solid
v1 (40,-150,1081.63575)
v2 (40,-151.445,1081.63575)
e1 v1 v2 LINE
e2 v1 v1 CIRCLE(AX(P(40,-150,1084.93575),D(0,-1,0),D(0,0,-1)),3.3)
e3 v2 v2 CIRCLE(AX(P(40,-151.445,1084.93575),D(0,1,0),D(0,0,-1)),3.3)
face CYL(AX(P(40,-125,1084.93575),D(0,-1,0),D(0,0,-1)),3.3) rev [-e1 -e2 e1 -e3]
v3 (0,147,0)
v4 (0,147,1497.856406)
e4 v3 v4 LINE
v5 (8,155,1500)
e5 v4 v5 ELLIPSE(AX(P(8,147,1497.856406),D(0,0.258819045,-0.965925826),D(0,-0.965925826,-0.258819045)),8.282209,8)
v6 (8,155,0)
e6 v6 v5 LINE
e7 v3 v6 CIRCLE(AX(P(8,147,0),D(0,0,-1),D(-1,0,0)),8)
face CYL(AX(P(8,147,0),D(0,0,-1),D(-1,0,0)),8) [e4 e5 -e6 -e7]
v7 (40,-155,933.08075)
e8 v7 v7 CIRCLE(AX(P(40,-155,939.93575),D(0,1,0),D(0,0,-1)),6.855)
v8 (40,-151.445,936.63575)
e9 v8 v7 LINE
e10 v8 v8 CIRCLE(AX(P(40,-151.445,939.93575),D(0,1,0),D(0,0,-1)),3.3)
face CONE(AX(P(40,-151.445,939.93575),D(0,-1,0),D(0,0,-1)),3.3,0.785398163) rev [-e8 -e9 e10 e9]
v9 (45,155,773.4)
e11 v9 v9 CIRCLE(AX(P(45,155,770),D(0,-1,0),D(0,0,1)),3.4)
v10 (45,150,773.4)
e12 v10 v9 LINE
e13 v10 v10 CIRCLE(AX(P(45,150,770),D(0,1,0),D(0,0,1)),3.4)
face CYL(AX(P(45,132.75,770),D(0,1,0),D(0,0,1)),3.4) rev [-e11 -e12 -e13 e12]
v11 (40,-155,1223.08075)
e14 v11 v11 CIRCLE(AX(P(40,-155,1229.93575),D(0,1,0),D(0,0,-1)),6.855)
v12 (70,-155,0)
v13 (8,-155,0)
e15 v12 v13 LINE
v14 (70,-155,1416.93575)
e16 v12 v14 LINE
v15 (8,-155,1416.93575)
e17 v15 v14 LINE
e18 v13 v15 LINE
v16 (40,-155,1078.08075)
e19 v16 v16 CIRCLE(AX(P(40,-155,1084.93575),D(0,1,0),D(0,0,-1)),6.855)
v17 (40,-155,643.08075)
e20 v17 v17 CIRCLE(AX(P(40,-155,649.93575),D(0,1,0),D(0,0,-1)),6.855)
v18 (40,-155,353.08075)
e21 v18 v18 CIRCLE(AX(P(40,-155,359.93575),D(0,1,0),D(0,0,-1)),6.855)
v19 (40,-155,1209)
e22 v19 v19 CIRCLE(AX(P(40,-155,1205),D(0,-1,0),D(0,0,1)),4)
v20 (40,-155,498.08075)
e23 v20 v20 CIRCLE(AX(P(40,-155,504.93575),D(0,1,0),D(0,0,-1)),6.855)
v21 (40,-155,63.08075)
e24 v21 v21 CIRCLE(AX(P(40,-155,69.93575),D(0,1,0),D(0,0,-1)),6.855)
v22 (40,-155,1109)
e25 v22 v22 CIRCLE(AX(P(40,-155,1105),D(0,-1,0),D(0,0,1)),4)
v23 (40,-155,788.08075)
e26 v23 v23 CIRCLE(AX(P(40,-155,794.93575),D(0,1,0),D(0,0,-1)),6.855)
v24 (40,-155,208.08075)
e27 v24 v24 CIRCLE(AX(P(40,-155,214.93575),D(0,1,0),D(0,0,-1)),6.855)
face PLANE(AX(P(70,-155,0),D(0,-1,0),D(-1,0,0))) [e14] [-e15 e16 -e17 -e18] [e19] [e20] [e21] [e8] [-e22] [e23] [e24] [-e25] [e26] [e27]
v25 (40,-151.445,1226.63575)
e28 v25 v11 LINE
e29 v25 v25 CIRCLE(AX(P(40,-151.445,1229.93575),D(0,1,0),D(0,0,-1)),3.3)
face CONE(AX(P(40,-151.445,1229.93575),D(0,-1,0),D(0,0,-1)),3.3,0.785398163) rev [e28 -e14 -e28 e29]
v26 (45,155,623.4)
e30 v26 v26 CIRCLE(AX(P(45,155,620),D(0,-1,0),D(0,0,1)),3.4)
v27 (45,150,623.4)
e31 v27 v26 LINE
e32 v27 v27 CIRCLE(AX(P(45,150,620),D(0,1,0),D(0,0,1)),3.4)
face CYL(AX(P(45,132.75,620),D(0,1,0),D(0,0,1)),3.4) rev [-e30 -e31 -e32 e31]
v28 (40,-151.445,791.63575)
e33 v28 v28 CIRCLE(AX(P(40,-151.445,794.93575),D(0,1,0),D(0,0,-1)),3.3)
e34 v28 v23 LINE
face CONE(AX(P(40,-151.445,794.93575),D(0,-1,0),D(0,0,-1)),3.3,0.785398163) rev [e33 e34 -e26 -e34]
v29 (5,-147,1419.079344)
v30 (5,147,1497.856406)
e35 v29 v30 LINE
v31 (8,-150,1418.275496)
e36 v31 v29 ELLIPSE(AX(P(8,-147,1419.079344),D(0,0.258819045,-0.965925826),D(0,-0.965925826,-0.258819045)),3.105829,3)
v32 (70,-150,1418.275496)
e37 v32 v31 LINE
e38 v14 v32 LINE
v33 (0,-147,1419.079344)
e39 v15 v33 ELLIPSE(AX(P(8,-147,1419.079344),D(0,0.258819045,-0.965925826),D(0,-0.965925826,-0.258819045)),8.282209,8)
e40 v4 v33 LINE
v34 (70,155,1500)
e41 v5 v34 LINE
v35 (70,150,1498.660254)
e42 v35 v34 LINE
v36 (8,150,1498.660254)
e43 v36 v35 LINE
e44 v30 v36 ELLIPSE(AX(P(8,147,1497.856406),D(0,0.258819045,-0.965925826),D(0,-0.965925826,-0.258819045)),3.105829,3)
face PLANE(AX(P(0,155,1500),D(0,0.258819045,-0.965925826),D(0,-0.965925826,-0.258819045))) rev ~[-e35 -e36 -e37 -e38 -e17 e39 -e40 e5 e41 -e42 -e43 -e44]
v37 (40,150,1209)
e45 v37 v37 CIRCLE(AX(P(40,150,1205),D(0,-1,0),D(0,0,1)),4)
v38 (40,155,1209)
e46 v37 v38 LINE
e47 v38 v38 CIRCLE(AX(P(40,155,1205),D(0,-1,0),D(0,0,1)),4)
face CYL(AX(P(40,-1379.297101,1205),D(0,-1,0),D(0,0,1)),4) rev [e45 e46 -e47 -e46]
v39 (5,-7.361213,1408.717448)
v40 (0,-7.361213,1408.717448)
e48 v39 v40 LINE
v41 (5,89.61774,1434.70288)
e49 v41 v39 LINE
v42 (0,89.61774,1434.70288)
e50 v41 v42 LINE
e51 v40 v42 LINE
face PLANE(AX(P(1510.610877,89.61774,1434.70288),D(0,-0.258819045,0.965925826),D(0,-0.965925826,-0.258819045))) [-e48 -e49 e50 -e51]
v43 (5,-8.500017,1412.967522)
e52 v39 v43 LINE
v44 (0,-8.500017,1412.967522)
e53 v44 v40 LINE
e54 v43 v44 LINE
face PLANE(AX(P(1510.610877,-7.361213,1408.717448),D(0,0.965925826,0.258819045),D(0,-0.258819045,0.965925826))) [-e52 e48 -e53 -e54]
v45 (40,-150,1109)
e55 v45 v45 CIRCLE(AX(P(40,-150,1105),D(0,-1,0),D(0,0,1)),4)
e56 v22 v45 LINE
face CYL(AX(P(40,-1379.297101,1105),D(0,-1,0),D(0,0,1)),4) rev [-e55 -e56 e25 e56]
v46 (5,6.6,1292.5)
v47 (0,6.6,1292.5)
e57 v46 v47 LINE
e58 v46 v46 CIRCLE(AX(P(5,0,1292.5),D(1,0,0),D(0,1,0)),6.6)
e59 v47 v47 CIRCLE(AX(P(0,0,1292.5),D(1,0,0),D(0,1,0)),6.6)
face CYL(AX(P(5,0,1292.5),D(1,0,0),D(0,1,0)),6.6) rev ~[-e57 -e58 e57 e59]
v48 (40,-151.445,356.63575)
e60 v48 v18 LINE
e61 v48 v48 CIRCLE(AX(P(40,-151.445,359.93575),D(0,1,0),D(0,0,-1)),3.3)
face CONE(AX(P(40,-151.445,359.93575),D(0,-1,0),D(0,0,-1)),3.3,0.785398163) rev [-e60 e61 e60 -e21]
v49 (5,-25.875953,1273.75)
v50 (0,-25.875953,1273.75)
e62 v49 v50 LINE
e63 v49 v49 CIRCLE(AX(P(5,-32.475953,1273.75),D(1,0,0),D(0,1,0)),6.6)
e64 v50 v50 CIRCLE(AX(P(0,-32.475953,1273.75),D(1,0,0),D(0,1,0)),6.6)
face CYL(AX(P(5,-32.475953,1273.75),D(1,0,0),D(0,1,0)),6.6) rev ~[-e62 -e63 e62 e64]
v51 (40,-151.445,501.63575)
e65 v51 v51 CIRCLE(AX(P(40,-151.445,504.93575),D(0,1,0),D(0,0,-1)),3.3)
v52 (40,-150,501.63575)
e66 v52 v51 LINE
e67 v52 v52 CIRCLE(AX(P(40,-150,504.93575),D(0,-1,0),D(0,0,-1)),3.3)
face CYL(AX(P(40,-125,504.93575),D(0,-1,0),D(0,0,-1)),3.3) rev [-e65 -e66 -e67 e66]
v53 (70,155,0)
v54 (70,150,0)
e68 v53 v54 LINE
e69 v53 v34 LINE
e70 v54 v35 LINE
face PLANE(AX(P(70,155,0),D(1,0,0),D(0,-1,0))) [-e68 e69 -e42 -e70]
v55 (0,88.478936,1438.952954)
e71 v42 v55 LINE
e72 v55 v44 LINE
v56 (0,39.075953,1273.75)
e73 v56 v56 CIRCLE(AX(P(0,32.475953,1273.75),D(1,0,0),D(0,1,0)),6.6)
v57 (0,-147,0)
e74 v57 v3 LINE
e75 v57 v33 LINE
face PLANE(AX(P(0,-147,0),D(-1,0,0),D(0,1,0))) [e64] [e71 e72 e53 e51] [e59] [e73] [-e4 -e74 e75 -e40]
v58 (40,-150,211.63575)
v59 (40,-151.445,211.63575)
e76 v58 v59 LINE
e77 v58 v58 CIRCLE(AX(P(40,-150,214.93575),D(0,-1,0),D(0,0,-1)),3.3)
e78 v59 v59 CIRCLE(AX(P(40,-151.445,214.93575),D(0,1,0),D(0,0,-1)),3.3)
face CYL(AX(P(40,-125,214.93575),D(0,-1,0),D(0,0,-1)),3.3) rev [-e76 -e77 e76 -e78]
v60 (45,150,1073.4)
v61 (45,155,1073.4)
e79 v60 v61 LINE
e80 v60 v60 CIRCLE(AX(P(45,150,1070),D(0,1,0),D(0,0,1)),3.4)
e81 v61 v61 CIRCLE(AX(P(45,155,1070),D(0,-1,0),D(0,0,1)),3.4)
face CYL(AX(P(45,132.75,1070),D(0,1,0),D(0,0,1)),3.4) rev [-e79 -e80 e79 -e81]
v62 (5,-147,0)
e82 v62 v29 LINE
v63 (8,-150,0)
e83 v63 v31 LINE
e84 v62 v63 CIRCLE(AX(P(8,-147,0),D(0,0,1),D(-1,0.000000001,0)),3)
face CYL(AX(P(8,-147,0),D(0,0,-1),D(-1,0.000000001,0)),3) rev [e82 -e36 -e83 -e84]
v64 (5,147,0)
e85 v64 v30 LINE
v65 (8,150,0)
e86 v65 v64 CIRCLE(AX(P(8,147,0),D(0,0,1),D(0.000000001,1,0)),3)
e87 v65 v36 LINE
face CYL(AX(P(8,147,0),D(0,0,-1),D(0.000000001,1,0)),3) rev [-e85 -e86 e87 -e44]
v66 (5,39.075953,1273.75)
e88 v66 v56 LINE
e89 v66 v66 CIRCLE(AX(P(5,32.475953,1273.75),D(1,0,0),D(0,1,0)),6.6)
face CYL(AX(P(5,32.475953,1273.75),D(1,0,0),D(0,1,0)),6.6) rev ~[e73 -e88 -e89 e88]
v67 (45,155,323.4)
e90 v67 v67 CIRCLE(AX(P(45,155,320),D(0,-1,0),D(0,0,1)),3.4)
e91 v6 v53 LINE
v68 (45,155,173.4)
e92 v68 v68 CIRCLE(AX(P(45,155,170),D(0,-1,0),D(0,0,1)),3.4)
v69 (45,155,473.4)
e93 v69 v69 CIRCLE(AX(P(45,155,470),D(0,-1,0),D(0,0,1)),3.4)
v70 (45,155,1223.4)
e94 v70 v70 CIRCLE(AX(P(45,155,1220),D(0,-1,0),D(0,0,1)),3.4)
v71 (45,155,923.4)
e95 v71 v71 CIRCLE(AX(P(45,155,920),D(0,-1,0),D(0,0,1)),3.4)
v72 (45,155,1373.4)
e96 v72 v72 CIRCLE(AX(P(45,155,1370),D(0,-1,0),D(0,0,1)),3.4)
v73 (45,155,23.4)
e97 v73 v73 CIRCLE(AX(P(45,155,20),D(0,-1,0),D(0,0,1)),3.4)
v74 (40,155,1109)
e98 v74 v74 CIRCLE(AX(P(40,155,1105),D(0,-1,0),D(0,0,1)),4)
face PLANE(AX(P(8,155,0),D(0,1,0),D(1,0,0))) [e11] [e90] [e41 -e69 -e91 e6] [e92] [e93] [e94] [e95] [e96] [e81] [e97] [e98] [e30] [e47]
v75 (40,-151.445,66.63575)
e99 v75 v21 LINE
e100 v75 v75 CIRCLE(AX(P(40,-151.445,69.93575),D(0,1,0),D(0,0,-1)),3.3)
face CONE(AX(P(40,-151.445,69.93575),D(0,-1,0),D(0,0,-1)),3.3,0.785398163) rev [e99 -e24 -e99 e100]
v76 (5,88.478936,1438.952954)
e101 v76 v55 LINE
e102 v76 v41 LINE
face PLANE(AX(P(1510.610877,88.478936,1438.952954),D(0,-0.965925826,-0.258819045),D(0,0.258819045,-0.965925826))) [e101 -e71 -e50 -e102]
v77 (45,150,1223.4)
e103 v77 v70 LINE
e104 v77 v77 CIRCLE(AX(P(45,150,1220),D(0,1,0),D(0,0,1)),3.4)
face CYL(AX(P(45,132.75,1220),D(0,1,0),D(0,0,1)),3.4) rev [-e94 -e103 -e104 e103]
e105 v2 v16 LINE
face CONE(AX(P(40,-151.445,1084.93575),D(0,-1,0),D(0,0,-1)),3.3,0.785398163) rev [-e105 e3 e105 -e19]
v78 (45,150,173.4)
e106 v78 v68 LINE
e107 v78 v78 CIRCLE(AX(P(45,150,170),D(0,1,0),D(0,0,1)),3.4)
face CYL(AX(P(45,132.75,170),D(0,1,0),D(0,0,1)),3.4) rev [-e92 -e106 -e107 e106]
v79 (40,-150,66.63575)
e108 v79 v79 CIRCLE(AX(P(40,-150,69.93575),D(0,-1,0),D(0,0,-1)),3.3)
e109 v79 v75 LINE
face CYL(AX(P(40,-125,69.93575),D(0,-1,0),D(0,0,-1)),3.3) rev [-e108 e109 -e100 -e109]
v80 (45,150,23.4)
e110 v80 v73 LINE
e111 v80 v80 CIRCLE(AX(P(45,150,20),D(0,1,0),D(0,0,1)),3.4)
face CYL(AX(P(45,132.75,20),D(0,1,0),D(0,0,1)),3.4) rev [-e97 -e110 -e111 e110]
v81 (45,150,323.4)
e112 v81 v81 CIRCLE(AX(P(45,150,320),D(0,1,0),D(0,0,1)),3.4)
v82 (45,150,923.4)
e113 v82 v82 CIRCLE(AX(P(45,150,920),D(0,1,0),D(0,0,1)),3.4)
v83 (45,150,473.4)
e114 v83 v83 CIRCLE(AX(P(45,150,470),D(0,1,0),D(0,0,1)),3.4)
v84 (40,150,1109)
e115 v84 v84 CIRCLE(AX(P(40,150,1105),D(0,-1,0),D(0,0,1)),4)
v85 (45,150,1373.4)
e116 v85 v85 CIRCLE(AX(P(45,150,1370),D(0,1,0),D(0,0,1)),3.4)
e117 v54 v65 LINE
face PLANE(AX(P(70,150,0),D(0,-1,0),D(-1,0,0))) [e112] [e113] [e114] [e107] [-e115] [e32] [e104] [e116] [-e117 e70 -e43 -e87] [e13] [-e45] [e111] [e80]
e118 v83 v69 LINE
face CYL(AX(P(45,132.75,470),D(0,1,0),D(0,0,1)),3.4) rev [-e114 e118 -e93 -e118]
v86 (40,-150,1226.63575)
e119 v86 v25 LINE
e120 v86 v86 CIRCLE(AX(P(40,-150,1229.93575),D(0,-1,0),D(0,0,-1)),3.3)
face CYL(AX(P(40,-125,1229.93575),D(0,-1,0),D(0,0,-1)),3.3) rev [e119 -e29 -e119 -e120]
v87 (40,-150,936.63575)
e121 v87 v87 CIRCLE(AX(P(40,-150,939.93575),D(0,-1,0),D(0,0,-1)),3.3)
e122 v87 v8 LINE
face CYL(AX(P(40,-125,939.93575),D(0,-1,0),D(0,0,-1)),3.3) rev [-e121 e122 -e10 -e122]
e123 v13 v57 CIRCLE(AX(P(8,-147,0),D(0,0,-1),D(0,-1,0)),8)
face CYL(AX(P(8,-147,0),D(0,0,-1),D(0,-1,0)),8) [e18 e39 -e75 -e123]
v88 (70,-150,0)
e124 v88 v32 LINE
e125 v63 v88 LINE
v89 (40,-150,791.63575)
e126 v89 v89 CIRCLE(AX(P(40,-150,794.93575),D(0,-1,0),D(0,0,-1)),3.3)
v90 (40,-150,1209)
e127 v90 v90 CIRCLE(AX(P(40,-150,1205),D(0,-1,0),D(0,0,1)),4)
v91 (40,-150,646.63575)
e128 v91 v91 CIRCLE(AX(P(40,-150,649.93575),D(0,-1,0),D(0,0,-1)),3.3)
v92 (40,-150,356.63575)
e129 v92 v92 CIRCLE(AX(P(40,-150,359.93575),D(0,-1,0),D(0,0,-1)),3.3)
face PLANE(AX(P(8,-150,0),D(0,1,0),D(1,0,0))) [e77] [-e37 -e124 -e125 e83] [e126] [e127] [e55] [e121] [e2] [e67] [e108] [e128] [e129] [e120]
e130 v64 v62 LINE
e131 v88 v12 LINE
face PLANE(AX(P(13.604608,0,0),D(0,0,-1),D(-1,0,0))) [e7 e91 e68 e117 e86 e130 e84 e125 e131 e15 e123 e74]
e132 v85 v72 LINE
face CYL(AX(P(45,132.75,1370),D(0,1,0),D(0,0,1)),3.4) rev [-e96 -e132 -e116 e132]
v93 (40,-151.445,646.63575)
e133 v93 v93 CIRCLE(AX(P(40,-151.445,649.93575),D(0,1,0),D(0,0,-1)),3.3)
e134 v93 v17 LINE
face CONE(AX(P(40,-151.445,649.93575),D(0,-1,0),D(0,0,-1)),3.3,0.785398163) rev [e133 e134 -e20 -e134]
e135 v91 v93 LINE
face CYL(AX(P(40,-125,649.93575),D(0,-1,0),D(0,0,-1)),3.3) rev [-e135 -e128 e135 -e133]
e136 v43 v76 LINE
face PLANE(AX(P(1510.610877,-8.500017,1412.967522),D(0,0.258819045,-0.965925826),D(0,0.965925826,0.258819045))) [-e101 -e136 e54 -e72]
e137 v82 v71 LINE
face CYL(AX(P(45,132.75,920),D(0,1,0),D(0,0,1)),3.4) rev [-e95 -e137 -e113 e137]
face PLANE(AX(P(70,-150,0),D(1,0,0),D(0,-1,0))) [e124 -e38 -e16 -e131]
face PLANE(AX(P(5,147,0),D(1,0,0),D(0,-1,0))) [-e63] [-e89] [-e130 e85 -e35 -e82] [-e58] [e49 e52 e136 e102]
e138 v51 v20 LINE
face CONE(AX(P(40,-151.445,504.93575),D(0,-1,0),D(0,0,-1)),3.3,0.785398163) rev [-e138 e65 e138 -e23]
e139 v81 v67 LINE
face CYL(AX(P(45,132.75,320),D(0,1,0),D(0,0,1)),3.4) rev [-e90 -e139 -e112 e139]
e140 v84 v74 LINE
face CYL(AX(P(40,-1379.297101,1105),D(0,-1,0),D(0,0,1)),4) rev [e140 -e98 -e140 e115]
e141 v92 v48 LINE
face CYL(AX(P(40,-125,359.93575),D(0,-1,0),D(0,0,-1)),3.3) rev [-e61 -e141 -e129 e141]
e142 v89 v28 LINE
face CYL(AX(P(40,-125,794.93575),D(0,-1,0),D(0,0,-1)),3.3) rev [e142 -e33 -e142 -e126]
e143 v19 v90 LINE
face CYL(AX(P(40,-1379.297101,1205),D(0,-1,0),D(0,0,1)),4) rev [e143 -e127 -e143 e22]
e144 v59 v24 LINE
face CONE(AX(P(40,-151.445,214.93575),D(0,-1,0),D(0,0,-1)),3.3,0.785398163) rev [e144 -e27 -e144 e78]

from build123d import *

# Parameters (mm, degrees)
EXTRUDE_1_DEPTH             = 1500
CUT_EXTRUDE_874_DEPTH       = 1510.610877014
SKETCH_4_R                  = 6.6
CUT_EXTRUDE_1154_DEPTH      = 1510.387292911
CUT_EXTRUDE_3058_DEPTH      = 1510.610877014
CUT_EXTRUDE_3058_DEPTH_BACK = 1510.610877014
CUT_EXTRUDE_6_DEPTH         = 1534.297101021
CUT_EXTRUDE_6_DEPTH_BACK    = 1534.297101021
SKETCH_19_R                 = 4
PATTERN_LINEAR_1_COUNT      = 9
PATTERN_LINEAR_1_PITCH      = 145
PATTERN_LINEAR_2_COUNT      = 10
PATTERN_LINEAR_2_PITCH      = 150


with BuildPart() as part:
    # Эскиз1 → Бобышка-Вытянуть1 (new body)
    with BuildSketch(Plane.XY):
        with BuildLine():
            Line((70, -155), (8, -155))
            ThreePointArc((8, -155), (2.343145751, -152.656854249), (0, -147))
            Line((0, -147), (0, 147))
            ThreePointArc((0, 147), (2.343145751, 152.656854249), (8, 155))
            Line((8, 155), (70, 155))
            Line((70, 155), (70, 150))
            Line((70, 150), (8, 150))
            ThreePointArc((8, 150), (5.878679656, 149.121320344), (5, 147))
            Line((5, 147), (5, -147))
            ThreePointArc((5, -147), (5.878679656, -149.121320344), (8, -150))
            Line((8, -150), (70, -150))
            Line((70, -150), (70, -155))
        make_face()
    extrude(amount=EXTRUDE_1_DEPTH)

    # Эскиз2 → Cut-Extrude 874 (cut, through all)
    with BuildSketch(Plane.ZY):
        Polygon((1500, 155), (1416.935750346, -155), (1500, -155), align=None)
    extrude(amount=-CUT_EXTRUDE_874_DEPTH, mode=Mode.SUBTRACT)

    # Эскиз4 → Cut-Extrude 1154 (cut, through all)
    with BuildSketch(Plane(origin=(5, 0, 0), x_dir=(0, 0, -1), z_dir=(1, 0, 0))):
        with Locations(Location((-1292.5, 0, 0), (0, 0, 90))):
            Circle(SKETCH_4_R)
        with Locations(Location((-1273.75, 32.475952642, 0), (0, 0, 90))):
            Circle(SKETCH_4_R)
        with Locations(Location((-1273.75, -32.475952642, 0), (0, 0, 90))):
            Circle(SKETCH_4_R)
    extrude(amount=-CUT_EXTRUDE_1154_DEPTH, mode=Mode.SUBTRACT)

    # Эскиз7 → Зенковка для винта с потайной головкой и внутренним шестигранником M61 (revolve, cut)
    with BuildSketch(Plane(origin=(40, -155, 1229.935750346), x_dir=(0, 0, -1), z_dir=(1, 0, 0))):
        Polygon((0, 0), (0, 31.982840043), (3.3, 30), (3.3, 3.555), (6.855, 0), align=None)
    hole_wizard_m61 = revolve(axis=Axis((40, -161.35, 1229.935750346), (0, 1, 0)), mode=Mode.SUBTRACT)

    # Эскиз16 → Cut-Extrude 3058 (cut, two sides: drawn at the far end of the back side and taken through both)
    with BuildSketch(Plane.ZY.offset(-CUT_EXTRUDE_3058_DEPTH_BACK)):
        Polygon((1434.702880481, 89.617739901), (1408.717448353, -7.361213059), (1412.967521989, -8.500016857), (1438.952954117, 88.478936102), align=None)
    extrude(amount=CUT_EXTRUDE_3058_DEPTH + CUT_EXTRUDE_3058_DEPTH_BACK, mode=Mode.SUBTRACT)

    # Эскиз19 → Вырез-Вытянуть6 (cut, two sides: drawn at the far end of the back side and taken through both)
    with BuildSketch(Plane(origin=(0, 155, 0), x_dir=(1, 0, 0), z_dir=(0, 1, 0)).offset(-CUT_EXTRUDE_6_DEPTH_BACK)):
        with Locations(Location((40, -1205, 0), (0, 0, 270))):
            Circle(SKETCH_19_R)
        with Locations(Location((40, -1105, 0), (0, 0, 270))):
            Circle(SKETCH_19_R)
    extrude(amount=CUT_EXTRUDE_6_DEPTH + CUT_EXTRUDE_6_DEPTH_BACK, mode=Mode.SUBTRACT)

    # Линейный массив1: Зенковка для винта с потайной головкой и внутренним шестигранником M61 ×9
    with Locations(*[(0, 0, -i * PATTERN_LINEAR_1_PITCH) for i in range(1, PATTERN_LINEAR_1_COUNT)]):
        add(hole_wizard_m61, mode=Mode.SUBTRACT)

    # Эскиз26 → Отверстие обработанное метчиком M82 (revolve, cut)
    with BuildSketch(Plane(origin=(45, 155, 1370), x_dir=(0, 0, 1), z_dir=(1, 0, 0))):
        Polygon((0, 0), (0, 24.292926105), (3.4, 22.25), (3.4, 0), align=None)
    hole_wizard_m82 = revolve(axis=Axis((45, 161.35, 1370), (0, -1, 0)), mode=Mode.SUBTRACT)

    # Линейный массив2: Отверстие обработанное метчиком M82 ×10
    with Locations(*[(0, 0, -i * PATTERN_LINEAR_2_PITCH) for i in range(1, PATTERN_LINEAR_2_COUNT)]):
        add(hole_wizard_m82, mode=Mode.SUBTRACT)


solid = part.part
